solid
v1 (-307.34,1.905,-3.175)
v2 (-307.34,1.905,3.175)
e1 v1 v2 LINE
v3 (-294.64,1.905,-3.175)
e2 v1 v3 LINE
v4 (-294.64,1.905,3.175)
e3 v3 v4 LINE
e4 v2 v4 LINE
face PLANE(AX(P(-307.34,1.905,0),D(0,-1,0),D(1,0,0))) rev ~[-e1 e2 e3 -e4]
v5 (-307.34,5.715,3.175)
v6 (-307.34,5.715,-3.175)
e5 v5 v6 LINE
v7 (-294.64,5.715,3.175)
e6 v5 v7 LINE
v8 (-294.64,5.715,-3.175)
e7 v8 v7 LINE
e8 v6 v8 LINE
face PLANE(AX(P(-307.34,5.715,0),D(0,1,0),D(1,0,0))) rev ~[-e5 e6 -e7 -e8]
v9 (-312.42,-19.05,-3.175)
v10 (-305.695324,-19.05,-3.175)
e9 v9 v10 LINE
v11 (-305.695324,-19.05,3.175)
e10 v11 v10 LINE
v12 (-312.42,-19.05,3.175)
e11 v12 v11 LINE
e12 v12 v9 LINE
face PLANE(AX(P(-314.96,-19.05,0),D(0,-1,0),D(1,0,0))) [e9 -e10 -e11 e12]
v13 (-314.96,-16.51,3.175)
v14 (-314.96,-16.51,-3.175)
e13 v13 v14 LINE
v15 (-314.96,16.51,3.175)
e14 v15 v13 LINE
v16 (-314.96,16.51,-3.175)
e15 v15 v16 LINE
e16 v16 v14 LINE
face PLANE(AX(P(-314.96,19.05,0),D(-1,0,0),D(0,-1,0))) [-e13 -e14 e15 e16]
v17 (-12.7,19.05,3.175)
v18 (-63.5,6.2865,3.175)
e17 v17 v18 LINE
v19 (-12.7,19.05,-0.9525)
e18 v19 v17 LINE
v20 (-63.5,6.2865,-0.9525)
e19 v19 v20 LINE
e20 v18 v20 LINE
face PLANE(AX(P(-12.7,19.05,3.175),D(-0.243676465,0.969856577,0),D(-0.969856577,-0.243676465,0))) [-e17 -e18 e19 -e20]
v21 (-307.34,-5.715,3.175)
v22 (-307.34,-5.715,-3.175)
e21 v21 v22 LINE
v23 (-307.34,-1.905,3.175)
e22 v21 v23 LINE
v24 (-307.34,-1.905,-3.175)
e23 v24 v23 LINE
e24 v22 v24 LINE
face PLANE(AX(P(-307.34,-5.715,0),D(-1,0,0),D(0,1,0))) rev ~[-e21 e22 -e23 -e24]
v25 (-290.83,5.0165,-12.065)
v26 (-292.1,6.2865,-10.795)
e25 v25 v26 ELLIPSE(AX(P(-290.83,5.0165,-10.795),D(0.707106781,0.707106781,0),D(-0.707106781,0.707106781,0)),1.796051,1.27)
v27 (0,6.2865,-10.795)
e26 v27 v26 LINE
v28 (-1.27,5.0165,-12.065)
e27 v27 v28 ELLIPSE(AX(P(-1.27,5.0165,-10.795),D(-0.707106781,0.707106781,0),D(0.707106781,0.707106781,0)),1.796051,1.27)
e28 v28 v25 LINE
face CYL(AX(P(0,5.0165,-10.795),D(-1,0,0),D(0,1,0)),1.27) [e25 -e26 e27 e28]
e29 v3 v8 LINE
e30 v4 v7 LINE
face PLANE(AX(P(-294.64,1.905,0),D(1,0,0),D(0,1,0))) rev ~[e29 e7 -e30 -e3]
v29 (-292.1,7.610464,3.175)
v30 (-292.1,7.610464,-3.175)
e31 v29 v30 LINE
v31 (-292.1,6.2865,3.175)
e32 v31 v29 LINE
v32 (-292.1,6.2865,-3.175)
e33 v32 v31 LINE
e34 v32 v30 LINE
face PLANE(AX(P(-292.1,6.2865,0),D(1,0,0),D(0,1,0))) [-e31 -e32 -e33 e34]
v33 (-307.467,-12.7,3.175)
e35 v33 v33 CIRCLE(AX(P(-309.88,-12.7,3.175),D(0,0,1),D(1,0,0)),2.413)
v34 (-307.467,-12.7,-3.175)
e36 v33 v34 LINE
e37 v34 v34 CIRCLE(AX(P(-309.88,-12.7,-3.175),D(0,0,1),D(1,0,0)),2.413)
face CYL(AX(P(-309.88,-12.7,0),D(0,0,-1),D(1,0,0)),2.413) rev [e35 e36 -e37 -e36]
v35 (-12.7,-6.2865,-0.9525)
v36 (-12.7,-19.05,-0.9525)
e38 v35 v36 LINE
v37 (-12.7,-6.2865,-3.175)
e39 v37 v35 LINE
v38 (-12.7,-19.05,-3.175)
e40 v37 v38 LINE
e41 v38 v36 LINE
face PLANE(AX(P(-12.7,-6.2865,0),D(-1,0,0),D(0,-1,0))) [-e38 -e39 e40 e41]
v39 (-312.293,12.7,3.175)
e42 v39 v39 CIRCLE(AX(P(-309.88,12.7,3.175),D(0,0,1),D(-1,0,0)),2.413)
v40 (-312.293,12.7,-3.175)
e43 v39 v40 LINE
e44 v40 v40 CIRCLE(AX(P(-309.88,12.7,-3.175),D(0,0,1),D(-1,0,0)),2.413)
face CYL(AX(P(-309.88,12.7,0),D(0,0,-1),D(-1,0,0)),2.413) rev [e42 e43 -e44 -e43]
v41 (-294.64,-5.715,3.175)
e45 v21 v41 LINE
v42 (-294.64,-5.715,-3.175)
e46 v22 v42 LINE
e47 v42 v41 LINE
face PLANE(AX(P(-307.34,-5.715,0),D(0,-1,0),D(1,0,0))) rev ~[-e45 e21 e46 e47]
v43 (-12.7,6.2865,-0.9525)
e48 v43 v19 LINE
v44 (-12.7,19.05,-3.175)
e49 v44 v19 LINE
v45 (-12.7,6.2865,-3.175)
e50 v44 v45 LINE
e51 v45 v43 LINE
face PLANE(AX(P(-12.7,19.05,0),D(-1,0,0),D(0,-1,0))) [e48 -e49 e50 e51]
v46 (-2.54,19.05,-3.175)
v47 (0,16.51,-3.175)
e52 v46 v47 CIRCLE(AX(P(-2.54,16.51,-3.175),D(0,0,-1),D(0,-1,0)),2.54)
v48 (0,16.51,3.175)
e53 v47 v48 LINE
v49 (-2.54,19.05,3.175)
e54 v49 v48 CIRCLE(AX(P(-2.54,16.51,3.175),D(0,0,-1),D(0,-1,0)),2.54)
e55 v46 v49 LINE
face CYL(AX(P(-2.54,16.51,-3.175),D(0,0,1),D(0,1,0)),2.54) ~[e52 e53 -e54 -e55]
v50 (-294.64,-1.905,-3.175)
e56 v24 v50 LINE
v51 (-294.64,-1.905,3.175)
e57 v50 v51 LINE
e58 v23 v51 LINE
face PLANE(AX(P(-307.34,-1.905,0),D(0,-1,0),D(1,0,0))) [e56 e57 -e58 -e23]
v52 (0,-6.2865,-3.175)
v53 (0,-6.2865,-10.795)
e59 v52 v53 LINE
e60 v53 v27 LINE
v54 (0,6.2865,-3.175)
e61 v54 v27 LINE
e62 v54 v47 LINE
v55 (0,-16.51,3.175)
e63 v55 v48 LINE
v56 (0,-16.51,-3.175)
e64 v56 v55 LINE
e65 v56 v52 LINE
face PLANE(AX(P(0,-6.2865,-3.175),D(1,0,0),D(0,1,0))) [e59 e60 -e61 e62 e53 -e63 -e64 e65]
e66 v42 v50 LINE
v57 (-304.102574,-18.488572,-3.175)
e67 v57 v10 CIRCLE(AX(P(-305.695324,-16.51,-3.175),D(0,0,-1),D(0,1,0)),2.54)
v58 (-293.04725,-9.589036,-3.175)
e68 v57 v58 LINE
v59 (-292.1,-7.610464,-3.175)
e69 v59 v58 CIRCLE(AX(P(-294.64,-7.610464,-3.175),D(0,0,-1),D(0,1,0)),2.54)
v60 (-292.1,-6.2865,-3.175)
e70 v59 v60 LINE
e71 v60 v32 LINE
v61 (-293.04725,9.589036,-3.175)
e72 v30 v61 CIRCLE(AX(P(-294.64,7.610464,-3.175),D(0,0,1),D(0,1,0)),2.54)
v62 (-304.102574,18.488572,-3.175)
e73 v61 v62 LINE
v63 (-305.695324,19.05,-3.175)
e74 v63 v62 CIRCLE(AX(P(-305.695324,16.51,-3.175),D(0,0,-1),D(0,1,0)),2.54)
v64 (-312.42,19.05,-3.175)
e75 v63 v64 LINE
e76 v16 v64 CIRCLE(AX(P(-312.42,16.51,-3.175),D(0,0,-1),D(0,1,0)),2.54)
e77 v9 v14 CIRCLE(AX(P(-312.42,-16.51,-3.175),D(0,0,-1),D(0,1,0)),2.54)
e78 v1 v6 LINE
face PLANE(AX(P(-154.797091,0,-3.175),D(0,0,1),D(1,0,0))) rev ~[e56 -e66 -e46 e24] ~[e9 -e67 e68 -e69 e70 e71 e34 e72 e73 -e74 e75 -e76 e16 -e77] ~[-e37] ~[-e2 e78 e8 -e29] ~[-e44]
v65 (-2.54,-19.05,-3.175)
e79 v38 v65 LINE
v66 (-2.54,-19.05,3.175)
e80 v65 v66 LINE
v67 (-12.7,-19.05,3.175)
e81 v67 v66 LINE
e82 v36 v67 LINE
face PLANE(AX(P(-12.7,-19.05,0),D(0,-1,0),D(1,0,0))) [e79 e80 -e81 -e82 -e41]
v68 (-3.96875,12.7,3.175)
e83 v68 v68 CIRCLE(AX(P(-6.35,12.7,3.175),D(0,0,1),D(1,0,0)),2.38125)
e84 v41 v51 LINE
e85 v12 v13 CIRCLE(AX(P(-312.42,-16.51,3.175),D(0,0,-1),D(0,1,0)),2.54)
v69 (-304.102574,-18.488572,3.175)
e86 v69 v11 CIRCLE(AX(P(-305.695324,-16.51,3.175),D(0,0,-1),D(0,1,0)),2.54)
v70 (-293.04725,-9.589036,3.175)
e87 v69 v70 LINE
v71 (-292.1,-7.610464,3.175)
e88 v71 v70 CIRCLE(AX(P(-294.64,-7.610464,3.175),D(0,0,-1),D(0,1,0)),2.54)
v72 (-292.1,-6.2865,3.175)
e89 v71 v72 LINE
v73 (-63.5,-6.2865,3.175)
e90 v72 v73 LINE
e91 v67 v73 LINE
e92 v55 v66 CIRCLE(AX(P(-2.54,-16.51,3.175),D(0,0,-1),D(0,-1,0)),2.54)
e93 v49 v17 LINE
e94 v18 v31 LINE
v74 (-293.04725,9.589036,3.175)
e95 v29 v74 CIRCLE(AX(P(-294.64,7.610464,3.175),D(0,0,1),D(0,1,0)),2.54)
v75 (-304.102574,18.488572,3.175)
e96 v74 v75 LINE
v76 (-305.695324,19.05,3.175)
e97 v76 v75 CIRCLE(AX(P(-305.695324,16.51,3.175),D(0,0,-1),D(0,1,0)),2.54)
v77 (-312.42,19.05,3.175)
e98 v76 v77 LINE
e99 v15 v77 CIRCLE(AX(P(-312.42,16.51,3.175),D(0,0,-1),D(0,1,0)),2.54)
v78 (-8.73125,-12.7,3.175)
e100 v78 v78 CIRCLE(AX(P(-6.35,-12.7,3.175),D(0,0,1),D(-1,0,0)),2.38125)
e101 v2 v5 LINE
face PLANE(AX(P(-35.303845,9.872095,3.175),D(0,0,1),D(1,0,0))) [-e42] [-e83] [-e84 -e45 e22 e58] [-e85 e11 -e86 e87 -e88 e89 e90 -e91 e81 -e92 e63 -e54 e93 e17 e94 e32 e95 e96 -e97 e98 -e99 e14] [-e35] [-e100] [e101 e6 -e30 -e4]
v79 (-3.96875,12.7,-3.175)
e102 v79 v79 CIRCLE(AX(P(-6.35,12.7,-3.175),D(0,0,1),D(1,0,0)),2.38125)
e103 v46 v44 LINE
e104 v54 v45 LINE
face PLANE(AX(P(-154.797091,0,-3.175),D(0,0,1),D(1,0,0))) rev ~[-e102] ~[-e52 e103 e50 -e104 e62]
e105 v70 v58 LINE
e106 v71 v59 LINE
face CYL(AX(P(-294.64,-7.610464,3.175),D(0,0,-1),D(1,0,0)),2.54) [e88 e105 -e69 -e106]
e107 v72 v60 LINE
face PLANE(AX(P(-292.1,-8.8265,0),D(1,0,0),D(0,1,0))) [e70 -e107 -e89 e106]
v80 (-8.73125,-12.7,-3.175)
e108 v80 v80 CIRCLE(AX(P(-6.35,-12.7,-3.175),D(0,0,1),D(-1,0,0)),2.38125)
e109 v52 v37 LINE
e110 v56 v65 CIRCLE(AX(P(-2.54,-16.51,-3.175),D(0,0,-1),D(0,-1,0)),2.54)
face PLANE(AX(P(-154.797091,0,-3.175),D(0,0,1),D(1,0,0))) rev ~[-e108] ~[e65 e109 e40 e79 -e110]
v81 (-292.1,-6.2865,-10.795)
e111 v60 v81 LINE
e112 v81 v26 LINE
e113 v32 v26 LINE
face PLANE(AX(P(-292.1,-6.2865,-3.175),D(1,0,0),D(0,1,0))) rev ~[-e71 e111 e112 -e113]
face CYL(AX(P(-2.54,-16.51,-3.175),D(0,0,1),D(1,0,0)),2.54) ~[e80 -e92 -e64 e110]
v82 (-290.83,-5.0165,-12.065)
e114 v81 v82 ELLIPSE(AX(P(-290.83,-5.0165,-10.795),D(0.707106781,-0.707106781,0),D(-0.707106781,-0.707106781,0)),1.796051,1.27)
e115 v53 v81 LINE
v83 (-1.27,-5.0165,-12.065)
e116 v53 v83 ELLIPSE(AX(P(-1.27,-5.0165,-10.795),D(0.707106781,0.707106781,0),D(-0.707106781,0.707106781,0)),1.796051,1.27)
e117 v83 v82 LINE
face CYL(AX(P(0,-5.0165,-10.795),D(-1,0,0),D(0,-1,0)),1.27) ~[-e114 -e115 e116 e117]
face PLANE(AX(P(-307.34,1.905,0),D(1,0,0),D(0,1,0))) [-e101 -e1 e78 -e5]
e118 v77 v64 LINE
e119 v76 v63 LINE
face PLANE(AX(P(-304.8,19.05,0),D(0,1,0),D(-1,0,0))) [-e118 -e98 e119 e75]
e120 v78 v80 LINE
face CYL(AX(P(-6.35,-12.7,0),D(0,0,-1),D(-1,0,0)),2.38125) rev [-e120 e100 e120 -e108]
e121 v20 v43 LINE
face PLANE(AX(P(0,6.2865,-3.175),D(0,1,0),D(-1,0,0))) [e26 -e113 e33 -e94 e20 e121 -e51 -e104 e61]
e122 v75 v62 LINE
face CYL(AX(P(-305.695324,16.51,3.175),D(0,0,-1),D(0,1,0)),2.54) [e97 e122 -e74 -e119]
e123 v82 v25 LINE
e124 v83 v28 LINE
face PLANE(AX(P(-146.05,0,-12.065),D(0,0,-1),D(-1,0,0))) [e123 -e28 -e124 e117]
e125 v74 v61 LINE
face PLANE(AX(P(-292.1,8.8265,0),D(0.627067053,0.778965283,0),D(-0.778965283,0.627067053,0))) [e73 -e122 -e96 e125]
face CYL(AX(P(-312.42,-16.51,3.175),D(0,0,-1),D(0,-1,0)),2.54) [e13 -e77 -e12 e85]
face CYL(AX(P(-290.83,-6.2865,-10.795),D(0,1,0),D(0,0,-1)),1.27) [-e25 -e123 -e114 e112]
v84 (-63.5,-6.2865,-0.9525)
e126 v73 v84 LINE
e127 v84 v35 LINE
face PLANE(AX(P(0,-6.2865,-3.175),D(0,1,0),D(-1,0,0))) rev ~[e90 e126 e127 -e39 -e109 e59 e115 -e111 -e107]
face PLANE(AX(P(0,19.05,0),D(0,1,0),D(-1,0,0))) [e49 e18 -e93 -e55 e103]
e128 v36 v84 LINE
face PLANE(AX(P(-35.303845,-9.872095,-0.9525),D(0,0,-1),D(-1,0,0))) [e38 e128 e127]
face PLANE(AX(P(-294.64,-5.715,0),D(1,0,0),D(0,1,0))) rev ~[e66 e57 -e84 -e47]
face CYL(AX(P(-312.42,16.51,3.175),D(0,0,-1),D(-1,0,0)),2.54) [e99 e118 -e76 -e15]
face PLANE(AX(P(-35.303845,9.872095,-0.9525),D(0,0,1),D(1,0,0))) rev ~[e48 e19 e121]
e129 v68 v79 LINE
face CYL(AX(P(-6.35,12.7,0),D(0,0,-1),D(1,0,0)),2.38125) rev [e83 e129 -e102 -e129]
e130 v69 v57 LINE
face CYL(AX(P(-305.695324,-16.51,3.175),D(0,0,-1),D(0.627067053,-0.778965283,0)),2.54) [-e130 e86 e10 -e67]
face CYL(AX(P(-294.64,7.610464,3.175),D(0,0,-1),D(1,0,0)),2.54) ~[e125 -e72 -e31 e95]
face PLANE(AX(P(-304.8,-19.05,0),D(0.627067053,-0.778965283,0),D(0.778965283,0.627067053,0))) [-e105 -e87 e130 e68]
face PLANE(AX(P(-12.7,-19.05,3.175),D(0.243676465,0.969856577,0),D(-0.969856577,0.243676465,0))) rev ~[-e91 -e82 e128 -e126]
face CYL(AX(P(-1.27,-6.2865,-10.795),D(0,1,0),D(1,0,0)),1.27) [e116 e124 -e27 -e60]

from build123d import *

# Parameters (mm, degrees)
SKETCH1_R           = 2.413
SKETCH1_R_2         = 2.38125
SKETCH1_W           = 12.7
SKETCH1_H           = 3.81
BOSS_EXTRUDE1_DEPTH = 3.175
SKETCH3_W           = 292.1
SKETCH3_H           = 12.573
BOSS_EXTRUDE2_DEPTH = 8.89
BOSS_EXTRUDE3_DEPTH = 4.1275
FILLET1_R           = 2.54
FILLET2_R           = 1.27


with BuildPart() as part:
    # Sketch1 → Boss-Extrude1 (new, symmetric)
    with BuildSketch(Plane.XY):
        Polygon((-292.1, -6.2865), (-12.7, -6.2865), (-12.7, -19.05), (0, -19.05), (0, 19.05), (-12.7, 19.05), (-12.7, 6.2865), (-292.1, 6.2865), (-292.1, 8.8265), (-304.8, 19.05), (-314.96, 19.05), (-314.96, -19.05), (-304.8, -19.05), (-292.1, -8.8265), align=None)
        with Locations((-309.88, -12.7)):
            Circle(SKETCH1_R, mode=Mode.SUBTRACT)
        with Locations(Location((-309.88, 12.7, 0), (0, 0, 180))):
            Circle(SKETCH1_R, mode=Mode.SUBTRACT)
        with Locations((-6.35, 12.7)):
            Circle(SKETCH1_R_2, mode=Mode.SUBTRACT)
        with Locations(Location((-6.35, -12.7, 0), (0, 0, 180))):
            Circle(SKETCH1_R_2, mode=Mode.SUBTRACT)
        with Locations((-300.99, 3.81)):
            Rectangle(SKETCH1_W, SKETCH1_H, mode=Mode.SUBTRACT)
        with Locations((-300.99, -3.81)):
            Rectangle(SKETCH1_W, SKETCH1_H, mode=Mode.SUBTRACT)
    extrude(amount=BOSS_EXTRUDE1_DEPTH, both=True)

    # Sketch3 → Boss-Extrude2 (add)
    with BuildSketch(Plane(origin=(0, 0, -3.175), x_dir=(-1, 0, 0), z_dir=(0, 0, -1))):
        with Locations((146.05, 0)):
            Rectangle(SKETCH3_W, SKETCH3_H)
    extrude(amount=BOSS_EXTRUDE2_DEPTH)

    # Sketch4 → Boss-Extrude3 (add)
    with BuildSketch(Plane.XY.offset(3.175)):
        Polygon((-12.7, 19.05), (-63.5, 6.2865), (-12.7, 6.2865), align=None)
        Polygon((-12.7, -6.2865), (-12.7, -19.05), (-63.5, -6.2865), align=None)
    extrude(amount=-BOSS_EXTRUDE3_DEPTH)

    # Fillet1
    fillet1_edges = [part.edges().sort_by_distance(p)[0] for p in [
        (0, 19.05, 0),
        (0, -19.05, 0),
        (-292.1, -8.8265, 0),
        (-304.8, -19.05, 0),
        (-314.96, -19.05, 0),
        (-314.96, 19.05, 0),
        (-304.8, 19.05, 0),
        (-292.1, 8.8265, 0),
    ]]
    fillet(fillet1_edges, radius=FILLET1_R)

    # Fillet2
    fillet2_edges = [part.edges().sort_by_distance(p)[0] for p in [
        (0, 0, -12.065),
        (-146.05, -6.2865, -12.065),
        (-292.1, 0, -12.065),
        (-146.05, 6.2865, -12.065),
    ]]
    fillet(fillet2_edges, radius=FILLET2_R)


solid = part.part
